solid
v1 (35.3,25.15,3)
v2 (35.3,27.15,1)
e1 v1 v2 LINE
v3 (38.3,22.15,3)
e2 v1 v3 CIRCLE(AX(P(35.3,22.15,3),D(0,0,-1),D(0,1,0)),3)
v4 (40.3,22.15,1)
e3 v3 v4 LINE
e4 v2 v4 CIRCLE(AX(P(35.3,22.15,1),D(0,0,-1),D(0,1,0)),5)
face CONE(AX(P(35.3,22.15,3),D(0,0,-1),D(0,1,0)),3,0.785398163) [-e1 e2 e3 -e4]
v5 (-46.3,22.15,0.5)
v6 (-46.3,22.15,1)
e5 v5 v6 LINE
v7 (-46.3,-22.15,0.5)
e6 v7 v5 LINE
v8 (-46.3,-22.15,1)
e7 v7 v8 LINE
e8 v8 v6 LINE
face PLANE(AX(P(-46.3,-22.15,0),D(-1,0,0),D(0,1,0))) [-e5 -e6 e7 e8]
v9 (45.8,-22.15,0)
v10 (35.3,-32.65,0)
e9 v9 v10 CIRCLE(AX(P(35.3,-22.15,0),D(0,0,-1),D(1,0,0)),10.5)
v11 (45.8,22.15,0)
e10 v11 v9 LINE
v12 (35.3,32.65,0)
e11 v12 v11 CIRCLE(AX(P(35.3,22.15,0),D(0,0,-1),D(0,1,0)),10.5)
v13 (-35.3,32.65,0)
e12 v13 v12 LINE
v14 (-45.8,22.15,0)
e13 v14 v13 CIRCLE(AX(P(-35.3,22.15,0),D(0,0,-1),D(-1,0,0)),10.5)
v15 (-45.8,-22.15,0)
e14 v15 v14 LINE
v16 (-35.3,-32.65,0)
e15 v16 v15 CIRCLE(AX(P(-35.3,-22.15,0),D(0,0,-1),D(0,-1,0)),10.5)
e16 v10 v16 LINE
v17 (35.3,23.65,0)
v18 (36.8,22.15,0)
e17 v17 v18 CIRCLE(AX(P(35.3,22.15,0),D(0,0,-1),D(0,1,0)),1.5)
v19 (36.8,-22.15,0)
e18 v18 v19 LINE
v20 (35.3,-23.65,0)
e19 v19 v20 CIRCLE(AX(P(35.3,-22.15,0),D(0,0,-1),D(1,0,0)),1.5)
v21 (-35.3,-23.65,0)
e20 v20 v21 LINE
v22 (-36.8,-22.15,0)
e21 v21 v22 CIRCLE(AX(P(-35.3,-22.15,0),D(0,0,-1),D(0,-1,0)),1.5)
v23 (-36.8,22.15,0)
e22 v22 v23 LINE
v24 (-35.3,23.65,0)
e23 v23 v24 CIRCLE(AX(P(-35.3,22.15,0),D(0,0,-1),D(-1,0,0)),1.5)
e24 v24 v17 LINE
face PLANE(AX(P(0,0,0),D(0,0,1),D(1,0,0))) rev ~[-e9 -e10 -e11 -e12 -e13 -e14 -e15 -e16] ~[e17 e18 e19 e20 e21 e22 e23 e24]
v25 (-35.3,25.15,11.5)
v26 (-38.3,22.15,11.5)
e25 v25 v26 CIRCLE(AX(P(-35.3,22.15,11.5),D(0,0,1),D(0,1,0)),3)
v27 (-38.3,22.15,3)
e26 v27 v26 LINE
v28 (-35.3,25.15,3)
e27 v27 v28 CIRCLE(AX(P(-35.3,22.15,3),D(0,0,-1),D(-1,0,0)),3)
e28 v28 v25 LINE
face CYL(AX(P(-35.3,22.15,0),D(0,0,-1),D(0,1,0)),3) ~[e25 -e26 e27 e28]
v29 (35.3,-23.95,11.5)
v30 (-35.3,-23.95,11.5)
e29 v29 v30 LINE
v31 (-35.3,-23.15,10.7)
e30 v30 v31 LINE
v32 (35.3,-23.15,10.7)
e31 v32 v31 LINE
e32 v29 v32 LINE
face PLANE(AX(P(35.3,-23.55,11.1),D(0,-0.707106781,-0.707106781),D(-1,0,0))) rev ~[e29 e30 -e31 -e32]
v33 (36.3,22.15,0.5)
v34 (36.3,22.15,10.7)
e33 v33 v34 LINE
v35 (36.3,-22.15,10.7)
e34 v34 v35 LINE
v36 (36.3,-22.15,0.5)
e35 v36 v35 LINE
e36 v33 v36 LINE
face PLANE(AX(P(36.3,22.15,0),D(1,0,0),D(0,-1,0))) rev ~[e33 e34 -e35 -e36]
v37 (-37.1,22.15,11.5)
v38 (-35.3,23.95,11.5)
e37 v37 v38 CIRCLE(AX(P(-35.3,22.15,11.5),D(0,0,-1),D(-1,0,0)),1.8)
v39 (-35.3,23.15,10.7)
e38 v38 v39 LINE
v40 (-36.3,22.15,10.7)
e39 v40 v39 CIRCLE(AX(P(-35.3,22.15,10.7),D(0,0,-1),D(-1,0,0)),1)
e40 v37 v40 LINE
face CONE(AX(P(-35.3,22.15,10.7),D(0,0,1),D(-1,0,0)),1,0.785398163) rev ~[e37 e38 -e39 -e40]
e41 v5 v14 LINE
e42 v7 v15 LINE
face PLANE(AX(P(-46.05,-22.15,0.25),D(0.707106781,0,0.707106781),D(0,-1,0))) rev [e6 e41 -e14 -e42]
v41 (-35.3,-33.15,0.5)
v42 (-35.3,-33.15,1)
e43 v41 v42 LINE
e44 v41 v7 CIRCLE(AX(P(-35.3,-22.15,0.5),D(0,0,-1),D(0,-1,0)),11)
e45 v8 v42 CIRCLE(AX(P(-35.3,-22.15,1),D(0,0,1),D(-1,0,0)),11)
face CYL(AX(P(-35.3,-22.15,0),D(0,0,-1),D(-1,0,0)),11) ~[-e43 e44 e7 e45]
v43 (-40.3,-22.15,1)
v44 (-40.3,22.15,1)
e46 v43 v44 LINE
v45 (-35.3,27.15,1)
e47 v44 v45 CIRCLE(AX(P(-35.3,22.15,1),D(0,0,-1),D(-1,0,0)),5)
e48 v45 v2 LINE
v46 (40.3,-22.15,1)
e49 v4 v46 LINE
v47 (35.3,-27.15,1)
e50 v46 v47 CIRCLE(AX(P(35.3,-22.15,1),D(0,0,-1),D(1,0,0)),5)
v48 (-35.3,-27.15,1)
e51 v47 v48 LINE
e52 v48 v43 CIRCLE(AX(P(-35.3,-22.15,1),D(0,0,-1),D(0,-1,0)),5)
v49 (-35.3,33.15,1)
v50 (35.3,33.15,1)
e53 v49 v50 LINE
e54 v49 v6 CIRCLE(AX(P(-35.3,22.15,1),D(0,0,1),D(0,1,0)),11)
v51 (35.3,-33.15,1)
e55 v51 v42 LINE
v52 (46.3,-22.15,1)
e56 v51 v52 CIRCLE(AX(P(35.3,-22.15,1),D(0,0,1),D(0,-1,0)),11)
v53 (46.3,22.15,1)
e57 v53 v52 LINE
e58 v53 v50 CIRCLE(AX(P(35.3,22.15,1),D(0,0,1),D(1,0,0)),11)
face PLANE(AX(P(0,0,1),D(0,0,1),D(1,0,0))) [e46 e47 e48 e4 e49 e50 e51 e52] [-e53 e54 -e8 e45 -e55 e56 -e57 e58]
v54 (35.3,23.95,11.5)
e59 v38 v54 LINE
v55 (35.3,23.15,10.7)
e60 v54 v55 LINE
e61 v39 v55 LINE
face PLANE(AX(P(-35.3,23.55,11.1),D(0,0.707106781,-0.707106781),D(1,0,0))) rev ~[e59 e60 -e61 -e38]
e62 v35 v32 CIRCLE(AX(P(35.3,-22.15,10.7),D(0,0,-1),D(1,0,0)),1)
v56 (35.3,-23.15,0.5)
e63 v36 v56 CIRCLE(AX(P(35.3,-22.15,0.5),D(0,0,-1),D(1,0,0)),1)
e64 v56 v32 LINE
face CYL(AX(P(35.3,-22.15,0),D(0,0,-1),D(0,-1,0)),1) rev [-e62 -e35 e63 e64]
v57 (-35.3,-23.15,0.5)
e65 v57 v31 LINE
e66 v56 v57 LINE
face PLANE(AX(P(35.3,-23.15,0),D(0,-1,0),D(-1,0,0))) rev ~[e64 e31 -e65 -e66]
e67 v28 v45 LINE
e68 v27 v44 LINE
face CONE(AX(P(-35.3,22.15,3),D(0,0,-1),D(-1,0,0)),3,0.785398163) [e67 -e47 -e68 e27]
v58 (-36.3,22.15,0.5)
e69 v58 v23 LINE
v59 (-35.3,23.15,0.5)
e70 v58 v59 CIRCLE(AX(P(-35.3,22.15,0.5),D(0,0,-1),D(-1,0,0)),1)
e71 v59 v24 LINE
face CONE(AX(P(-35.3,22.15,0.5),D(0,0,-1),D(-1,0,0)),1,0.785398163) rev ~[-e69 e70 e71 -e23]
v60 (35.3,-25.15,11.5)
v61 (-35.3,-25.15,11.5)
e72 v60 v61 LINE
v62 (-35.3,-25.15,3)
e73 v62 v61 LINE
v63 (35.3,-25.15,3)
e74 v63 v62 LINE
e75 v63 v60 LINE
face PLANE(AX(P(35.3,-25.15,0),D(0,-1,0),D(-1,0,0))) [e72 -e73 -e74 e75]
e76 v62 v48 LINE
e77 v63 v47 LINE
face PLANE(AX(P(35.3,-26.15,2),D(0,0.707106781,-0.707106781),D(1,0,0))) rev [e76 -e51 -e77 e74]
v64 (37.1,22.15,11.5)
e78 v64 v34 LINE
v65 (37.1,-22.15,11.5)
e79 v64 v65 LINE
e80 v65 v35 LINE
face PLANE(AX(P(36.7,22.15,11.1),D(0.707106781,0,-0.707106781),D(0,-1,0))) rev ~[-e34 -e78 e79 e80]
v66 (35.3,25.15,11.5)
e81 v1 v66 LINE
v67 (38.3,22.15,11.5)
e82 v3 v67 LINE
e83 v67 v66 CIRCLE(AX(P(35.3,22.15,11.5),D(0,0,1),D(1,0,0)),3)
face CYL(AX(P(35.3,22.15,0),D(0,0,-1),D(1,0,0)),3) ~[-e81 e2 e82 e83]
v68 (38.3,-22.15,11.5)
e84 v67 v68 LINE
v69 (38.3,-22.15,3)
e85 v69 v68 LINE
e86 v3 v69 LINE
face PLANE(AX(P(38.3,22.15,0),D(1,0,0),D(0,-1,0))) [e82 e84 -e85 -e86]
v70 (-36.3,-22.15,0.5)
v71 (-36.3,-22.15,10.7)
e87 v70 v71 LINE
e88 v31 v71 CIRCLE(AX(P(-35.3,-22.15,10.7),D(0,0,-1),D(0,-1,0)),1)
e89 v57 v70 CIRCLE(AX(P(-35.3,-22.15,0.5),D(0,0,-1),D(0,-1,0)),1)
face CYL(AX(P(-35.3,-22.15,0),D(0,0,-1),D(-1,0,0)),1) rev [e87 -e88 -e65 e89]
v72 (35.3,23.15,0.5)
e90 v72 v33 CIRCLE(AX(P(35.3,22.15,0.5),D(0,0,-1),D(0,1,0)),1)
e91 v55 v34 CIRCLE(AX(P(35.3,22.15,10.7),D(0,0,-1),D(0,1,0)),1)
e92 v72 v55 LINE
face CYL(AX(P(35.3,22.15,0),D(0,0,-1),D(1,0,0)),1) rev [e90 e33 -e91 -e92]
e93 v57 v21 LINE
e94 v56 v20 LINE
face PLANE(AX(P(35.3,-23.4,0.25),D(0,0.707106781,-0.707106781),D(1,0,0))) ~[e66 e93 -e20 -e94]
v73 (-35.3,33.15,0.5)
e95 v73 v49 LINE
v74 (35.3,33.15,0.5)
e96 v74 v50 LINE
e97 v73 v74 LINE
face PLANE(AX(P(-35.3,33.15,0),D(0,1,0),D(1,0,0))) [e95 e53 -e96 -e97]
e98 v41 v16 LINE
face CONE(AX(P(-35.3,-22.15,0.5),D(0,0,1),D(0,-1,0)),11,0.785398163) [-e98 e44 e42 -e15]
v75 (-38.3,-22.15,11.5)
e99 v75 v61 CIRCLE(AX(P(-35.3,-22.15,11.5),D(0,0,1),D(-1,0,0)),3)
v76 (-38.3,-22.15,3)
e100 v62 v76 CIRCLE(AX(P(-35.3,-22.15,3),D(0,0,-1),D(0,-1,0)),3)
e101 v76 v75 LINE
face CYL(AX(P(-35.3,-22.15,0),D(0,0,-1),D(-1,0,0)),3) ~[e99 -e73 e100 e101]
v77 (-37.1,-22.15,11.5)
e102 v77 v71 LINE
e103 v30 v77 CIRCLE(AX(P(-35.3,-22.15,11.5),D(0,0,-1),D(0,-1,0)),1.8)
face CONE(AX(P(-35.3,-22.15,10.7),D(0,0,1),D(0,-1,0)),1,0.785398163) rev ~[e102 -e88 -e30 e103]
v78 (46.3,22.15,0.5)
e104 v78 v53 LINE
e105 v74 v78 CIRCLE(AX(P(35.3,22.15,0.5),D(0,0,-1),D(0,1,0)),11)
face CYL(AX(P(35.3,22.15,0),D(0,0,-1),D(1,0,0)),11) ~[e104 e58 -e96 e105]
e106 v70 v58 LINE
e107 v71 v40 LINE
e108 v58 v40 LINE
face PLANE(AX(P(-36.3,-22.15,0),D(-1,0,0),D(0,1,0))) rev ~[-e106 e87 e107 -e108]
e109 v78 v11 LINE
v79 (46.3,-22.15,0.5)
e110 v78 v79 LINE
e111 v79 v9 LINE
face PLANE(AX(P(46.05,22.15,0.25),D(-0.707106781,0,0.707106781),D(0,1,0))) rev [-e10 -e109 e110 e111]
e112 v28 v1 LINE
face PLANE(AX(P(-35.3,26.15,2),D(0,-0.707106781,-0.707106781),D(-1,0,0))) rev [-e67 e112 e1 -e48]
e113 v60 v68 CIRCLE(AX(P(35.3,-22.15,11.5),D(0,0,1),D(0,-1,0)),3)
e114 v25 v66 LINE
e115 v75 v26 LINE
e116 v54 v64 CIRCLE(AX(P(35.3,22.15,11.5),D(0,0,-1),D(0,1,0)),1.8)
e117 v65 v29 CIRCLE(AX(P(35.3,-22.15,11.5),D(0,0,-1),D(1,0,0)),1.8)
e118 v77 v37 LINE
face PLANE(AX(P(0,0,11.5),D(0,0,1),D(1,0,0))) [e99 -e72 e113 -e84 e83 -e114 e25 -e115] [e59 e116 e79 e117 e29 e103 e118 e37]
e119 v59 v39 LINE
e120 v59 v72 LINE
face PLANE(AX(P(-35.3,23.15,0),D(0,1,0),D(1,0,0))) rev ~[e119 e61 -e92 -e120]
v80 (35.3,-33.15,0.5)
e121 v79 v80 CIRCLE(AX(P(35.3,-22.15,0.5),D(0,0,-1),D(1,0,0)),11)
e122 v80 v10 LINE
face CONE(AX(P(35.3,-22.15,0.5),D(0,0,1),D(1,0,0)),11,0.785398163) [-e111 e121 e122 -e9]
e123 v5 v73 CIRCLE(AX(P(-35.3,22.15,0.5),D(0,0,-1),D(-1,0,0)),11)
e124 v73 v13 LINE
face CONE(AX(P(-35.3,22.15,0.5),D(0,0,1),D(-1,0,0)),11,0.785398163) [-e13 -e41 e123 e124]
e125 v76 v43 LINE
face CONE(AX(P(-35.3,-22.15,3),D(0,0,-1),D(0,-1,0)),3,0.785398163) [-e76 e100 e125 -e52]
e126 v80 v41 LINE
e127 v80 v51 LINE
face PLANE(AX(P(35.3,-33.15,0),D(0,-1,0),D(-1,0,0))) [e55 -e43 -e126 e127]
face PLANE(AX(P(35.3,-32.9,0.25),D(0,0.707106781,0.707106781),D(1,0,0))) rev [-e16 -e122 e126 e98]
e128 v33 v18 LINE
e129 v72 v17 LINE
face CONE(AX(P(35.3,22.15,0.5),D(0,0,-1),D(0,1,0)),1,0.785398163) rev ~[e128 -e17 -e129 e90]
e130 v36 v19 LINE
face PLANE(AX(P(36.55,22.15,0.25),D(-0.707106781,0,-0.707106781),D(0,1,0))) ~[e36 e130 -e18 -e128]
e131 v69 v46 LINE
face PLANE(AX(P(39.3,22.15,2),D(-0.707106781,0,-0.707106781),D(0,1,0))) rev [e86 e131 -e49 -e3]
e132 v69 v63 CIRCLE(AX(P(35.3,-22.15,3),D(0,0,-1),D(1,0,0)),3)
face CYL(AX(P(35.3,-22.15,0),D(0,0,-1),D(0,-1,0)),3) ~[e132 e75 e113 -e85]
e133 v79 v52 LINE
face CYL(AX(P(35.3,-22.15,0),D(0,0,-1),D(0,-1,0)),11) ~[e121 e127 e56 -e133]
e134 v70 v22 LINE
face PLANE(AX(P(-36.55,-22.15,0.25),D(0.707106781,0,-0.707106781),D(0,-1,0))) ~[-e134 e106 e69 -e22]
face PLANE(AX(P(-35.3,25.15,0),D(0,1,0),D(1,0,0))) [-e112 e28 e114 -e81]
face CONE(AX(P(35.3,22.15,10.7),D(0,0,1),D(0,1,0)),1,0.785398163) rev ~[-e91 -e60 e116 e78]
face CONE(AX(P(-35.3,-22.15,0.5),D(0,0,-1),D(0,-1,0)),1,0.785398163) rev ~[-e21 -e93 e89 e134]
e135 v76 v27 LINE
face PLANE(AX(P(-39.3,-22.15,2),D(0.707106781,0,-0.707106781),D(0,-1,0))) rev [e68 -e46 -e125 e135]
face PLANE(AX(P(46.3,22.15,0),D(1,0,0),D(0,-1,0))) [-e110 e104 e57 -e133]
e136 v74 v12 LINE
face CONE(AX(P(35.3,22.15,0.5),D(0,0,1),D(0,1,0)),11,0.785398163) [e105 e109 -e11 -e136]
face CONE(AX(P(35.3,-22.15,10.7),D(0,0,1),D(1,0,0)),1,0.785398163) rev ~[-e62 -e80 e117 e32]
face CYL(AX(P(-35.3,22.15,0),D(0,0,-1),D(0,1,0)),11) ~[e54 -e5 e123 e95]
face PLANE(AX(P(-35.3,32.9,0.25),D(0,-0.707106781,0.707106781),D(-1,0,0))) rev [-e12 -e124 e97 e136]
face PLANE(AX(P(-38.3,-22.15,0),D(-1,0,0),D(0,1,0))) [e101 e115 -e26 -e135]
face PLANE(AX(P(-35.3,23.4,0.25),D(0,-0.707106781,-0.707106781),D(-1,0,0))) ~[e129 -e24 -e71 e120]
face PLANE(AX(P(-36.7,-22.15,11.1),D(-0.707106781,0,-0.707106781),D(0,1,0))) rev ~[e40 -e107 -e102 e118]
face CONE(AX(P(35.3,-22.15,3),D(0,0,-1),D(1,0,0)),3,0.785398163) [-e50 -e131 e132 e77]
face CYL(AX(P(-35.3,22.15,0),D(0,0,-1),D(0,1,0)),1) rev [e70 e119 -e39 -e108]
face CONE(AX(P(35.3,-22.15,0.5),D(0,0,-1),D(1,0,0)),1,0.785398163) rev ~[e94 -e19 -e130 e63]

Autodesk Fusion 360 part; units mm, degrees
sketch "Sketch1" plane through (0, 0, 0) normal (0, 0, 1) x (1, 0, 0)
  line L0 (36, -22.85) -> (-36, -22.85) construction
  line L1 (-36, -22.85) -> (-36, 22.85) construction
  line L2 (-36, 22.85) -> (36, 22.85) construction
  line L3 (36, 22.85) -> (36, -22.85) construction
  line L4 (36, -22.85) -> (-36, 22.85) construction
  line L5 (-36, -22.85) -> (36, 22.85) construction
  line L6 (35.3, -23.15) -> (-35.3, -23.15)
  line L7 (-36.3, -22.15) -> (-36.3, 22.15)
  line L8 (-35.3, 23.15) -> (35.3, 23.15)
  line L9 (36.3, 22.15) -> (36.3, -22.15)
  arc A0 (-35.3, 23.15) -> (-36.3, 22.15) centre (-35.3, 22.15) ccw
  arc A1 (35.3, -23.15) -> (36.3, -22.15) centre (35.3, -22.15) ccw
  arc A2 (36.3, 22.15) -> (35.3, 23.15) centre (35.3, 22.15) ccw
  arc A3 (-36.3, -22.15) -> (-35.3, -23.15) centre (-35.3, -22.15) ccw
  arc A4 (38.3, 22.15) -> (35.3, 25.15) centre (35.3, 22.15) ccw
  line L10 (-35.3, 25.15) -> (35.3, 25.15)
  arc A5 (-35.3, 25.15) -> (-38.3, 22.15) centre (-35.3, 22.15) ccw
  line L11 (-38.3, -22.15) -> (-38.3, 22.15)
  arc A6 (-38.3, -22.15) -> (-35.3, -25.15) centre (-35.3, -22.15) ccw
  line L12 (35.3, -25.15) -> (-35.3, -25.15)
  arc A7 (35.3, -25.15) -> (38.3, -22.15) centre (35.3, -22.15) ccw
  line L13 (38.3, 22.15) -> (38.3, -22.15)
  arc A8 (46.3, 22.15) -> (35.3, 33.15) centre (35.3, 22.15) ccw
  line L14 (-35.3, 33.15) -> (35.3, 33.15)
  arc A9 (-35.3, 33.15) -> (-46.3, 22.15) centre (-35.3, 22.15) ccw
  line L15 (-46.3, -22.15) -> (-46.3, 22.15)
  arc A10 (-46.3, -22.15) -> (-35.3, -33.15) centre (-35.3, -22.15) ccw
  line L16 (35.3, -33.15) -> (-35.3, -33.15)
  arc A11 (35.3, -33.15) -> (46.3, -22.15) centre (35.3, -22.15) ccw
  line L17 (46.3, 22.15) -> (46.3, -22.15)
  dimension "d3" = 45.7
  dimension "d4" = 72
  dimension "d6" = 1
  dimension "d7" = -2
  dimension "d8" = -10
extrude "Extrude1" add sketch "Sketch1" along normal blind 11.5 contours A4 L10 A5 L11 A6 L12 A7 L13
extrude "Extrude2" add sketch "Sketch1" along normal blind 1 contours A8 L14 A9 L15 A10 L16 A11 L17
chamfer "Chamfer1" distance 0.8 angle 45 8 edges at (0, 23.15, 11.5) (36.0071, 22.8571, 11.5) (36.3, 0, 11.5) (36.0071, -22.8571, 11.5) (0, -23.15, 11.5) (-36.0071, -22.8571, 11.5) (-36.3, 0, 11.5) (-36.0071, 22.8571, 11.5)
chamfer "Chamfer2" distance 2 angle 45 8 edges at (0, 25.15, 1) (-37.4213, 24.2713, 1) (-38.3, 0, 1) (-37.4213, -24.2713, 1) (0, -25.15, 1) (37.4213, -24.2713, 1) (38.3, 0, 1) (37.4213, 24.2713, 1)
chamfer "Chamfer3" distance 0.5 angle 45 16 edges at (0, 33.15, 0) (43.0782, 29.9282, 0) (46.3, 0, 0) (43.0782, -29.9282, 0) (0, -33.15, 0) (-43.0782, -29.9282, 0) (-46.3, 0, 0) (-43.0782, 29.9282, 0) (0, 23.15, 0) (36.0071, 22.8571, 0) (36.3, 0, 0) (36.0071, -22.8571, 0) (0, -23.15, 0) (-36.0071, -22.8571, 0) (-36.3, 0, 0) (-36.0071, 22.8571, 0)
